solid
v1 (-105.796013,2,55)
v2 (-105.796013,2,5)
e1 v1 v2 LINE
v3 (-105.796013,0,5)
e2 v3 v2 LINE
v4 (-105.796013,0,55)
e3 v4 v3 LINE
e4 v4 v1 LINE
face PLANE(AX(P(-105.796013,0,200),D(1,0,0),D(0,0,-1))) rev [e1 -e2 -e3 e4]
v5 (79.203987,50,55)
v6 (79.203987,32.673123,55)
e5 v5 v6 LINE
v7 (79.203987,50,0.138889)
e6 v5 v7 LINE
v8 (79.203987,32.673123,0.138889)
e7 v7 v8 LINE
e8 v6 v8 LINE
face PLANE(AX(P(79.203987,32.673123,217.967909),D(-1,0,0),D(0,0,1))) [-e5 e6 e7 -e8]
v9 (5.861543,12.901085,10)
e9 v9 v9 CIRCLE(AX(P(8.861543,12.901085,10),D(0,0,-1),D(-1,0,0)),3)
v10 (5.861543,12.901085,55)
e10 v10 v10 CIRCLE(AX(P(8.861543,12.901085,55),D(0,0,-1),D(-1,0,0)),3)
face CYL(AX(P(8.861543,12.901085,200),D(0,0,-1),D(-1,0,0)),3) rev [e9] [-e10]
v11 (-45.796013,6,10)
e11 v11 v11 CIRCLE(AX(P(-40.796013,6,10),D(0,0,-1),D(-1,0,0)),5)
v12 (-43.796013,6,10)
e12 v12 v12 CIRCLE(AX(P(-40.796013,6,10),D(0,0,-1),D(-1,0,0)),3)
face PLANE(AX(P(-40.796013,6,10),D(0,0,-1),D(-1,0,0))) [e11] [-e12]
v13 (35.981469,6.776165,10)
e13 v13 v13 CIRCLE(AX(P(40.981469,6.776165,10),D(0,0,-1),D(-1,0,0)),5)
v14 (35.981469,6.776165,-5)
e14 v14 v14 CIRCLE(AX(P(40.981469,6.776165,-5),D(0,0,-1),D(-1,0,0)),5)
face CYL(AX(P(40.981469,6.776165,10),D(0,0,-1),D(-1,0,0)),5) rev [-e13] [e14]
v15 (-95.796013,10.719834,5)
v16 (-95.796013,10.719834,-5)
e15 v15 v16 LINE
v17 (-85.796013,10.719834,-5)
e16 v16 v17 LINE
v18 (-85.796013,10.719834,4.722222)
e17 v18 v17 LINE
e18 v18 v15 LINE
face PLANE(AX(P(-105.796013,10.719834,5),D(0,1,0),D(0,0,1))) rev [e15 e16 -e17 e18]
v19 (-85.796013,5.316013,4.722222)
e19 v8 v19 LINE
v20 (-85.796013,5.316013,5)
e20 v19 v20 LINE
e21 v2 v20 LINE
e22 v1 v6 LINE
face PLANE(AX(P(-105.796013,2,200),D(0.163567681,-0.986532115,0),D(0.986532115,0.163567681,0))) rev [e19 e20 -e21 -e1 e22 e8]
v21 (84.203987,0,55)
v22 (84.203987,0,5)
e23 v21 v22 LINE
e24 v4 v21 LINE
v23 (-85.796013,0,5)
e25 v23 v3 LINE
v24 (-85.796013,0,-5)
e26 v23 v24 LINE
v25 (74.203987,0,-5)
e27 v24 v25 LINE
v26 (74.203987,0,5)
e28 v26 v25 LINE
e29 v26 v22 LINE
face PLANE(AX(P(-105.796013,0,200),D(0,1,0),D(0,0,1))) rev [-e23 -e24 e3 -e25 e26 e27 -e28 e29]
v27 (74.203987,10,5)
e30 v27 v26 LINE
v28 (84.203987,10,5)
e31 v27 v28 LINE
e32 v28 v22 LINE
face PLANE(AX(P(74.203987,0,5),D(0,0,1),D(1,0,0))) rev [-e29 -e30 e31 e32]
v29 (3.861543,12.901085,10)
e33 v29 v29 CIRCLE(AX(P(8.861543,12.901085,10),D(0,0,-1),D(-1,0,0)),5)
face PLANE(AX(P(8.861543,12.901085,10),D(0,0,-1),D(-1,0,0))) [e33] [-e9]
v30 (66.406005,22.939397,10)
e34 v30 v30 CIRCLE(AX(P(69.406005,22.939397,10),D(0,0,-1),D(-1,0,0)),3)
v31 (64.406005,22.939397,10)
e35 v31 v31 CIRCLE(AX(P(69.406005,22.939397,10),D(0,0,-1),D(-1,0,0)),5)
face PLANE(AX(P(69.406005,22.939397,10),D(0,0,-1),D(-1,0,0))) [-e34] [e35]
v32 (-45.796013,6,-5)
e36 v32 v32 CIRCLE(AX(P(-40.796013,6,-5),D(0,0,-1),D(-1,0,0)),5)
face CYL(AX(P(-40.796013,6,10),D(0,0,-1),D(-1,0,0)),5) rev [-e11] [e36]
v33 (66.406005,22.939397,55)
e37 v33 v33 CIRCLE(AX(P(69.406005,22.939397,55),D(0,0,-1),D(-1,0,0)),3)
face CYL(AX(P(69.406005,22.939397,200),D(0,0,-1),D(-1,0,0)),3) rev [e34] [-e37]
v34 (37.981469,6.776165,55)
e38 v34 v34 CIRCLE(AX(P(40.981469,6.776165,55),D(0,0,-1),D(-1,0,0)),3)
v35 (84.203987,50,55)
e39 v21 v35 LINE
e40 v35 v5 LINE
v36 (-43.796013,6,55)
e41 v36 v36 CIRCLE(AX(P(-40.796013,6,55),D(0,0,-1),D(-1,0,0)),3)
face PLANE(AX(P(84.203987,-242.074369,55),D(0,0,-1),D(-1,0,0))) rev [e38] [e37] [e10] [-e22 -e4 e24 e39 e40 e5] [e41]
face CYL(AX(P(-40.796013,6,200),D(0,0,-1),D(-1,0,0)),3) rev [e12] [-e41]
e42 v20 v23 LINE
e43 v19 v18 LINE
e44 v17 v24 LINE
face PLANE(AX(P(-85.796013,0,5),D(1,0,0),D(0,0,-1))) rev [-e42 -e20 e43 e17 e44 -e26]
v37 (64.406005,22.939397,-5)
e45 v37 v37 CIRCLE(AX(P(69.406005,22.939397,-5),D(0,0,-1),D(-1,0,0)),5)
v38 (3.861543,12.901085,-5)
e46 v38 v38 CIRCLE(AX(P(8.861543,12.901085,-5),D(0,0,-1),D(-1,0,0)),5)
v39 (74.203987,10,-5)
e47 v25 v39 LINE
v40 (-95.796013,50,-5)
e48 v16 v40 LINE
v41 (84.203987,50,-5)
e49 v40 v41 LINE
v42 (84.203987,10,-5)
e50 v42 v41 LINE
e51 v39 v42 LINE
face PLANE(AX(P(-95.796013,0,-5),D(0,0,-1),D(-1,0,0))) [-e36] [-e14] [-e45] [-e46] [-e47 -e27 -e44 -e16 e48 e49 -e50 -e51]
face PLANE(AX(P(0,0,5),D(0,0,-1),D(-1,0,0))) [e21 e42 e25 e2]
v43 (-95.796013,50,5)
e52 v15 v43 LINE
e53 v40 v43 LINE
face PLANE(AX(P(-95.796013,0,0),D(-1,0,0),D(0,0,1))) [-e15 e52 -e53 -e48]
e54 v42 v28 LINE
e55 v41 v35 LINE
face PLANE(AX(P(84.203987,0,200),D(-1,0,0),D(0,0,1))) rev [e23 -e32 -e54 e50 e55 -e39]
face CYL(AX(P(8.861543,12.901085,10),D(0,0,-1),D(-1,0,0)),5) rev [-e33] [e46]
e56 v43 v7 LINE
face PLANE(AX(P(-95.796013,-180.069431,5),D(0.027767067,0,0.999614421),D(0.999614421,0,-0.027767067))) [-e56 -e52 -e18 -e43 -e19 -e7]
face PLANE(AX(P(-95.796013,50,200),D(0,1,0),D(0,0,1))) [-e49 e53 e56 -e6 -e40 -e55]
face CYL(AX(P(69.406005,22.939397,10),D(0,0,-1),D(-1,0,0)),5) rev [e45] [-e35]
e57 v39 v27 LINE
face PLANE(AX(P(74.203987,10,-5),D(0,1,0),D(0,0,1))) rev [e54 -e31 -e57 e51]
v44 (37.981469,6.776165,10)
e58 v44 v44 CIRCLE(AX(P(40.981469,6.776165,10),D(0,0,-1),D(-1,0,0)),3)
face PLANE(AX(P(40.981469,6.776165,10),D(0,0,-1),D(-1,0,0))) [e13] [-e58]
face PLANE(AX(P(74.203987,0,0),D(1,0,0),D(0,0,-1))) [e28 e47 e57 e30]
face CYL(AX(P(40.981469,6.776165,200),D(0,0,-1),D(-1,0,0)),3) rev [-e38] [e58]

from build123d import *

# Parameters (mm, degrees)
ESQUISSE1_R             = 3
BOSS_EXTRU_1_DEPTH      = 200
ESQUISSE4_W             = 5
ESQUISSE4_H             = 50
BOSS_EXTRU_4_DEPTH      = 180
BOSS_EXTRU_7_DEPTH      = 50
ESQUISSE6_W             = 20
ESQUISSE6_H             = 10.719834163
ENL_V_MAT_EXTRU_2_DEPTH = 10
ESQUISSE5_W             = 10
ESQUISSE5_H             = 10
ENL_V_MAT_EXTRU_1_DEPTH = 10
ESQUISSE14_R            = 5
ENL_V_MAT_EXTRU_4_DEPTH = 15
BOSS_EXTRU_8_REACH      = 242.401
ENL_V_MAT_EXTRU_5_REACH = 238.046
ESQUISSE16_W            = 190
ESQUISSE16_H            = 150


with BuildPart() as part:
    # Esquisse1 → Boss.-Extru.1 (new body)
    with BuildSketch(Plane.XY):
        Polygon((-105.796013405, 0), (84.203986595, 0), (84.203986595, 33.502126335), (-105.796013405, 2), align=None)
        with Locations((69.406004871, 22.939397164)):
            Circle(ESQUISSE1_R, mode=Mode.SUBTRACT)
        with Locations((40.981469067, 6.77616521)):
            Circle(ESQUISSE1_R, mode=Mode.SUBTRACT)
        with Locations((-40.796013405, 6)):
            Circle(ESQUISSE1_R, mode=Mode.SUBTRACT)
        with Locations((8.861542866, 12.901085106)):
            Circle(ESQUISSE1_R, mode=Mode.SUBTRACT)
    extrude(amount=BOSS_EXTRU_1_DEPTH)

    # Esquisse4 → Boss.-Extru.4 (add)
    with BuildSketch(Plane(origin=(84.203986595, 0, 0), x_dir=(0, 0, -1), z_dir=(1, 0, 0))):
        with Locations((-202.5, 25)):
            Rectangle(ESQUISSE4_W, ESQUISSE4_H)
        with Locations((2.5, 25)):
            Rectangle(ESQUISSE4_W, ESQUISSE4_H)
    extrude(amount=-BOSS_EXTRU_4_DEPTH)

    # Esquisse8 → Boss.-Extru.7 (add)
    with BuildSketch(Plane(origin=(0, 50, 0), x_dir=(1, 0, 0), z_dir=(0, 1, 0))):
        Polygon((84.203986595, 0), (-95.796013405, 0), (-95.796013405, -5), align=None)
    boss_extru_7 = extrude(amount=-BOSS_EXTRU_7_DEPTH)

    # Esquisse6 → Enlèv. mat.-Extru.2 (cut)
    with BuildSketch(Plane(origin=(0, 0, -5), x_dir=(-1, 0, 0), z_dir=(0, 0, -1))):
        with Locations((95.796013405, 5.359917081)):
            Rectangle(ESQUISSE6_W, ESQUISSE6_H)
    enl_v_mat_extru_2 = extrude(amount=-ENL_V_MAT_EXTRU_2_DEPTH, mode=Mode.SUBTRACT)

    # Esquisse5 → Enlèv. mat.-Extru.1 (cut)
    with BuildSketch(Plane(origin=(84.203986595, 0, 0), x_dir=(0, 0, -1), z_dir=(1, 0, 0))):
        with Locations((-200, 5)):
            Rectangle(ESQUISSE5_W, ESQUISSE5_H)
        with Locations((0, 5)):
            Rectangle(ESQUISSE5_W, ESQUISSE5_H)
    extrude(amount=-ENL_V_MAT_EXTRU_1_DEPTH, mode=Mode.SUBTRACT)

    # Esquisse14 → Enlèv. mat.-Extru.4 (cut)
    with BuildSketch(Plane(origin=(0, 0, -5), x_dir=(-1, 0, 0), z_dir=(0, 0, -1))):
        with Locations((-69.406004871, 22.939397164)):
            Circle(ESQUISSE14_R)
        with Locations((-40.981469067, 6.77616521)):
            Circle(ESQUISSE14_R)
        with Locations((-8.861542866, 12.901085106)):
            Circle(ESQUISSE14_R)
        with Locations((40.796013405, 6)):
            Circle(ESQUISSE14_R)
    enl_v_mat_extru_4 = extrude(amount=-ENL_V_MAT_EXTRU_4_DEPTH, mode=Mode.SUBTRACT)

    # Symétrie3: Boss.-Extru.7, Enlèv. mat.-Extru.2, Enlèv. mat.-Extru.4 across plane
    add(boss_extru_7.mirror(Plane(origin=(0, 0, 100), x_dir=(1, 0, 0), z_dir=(0, 0, -1))))
    add(enl_v_mat_extru_2.mirror(Plane(origin=(0, 0, 100), x_dir=(1, 0, 0), z_dir=(0, 0, -1))), mode=Mode.SUBTRACT)
    add(enl_v_mat_extru_4.mirror(Plane(origin=(0, 0, 100), x_dir=(1, 0, 0), z_dir=(0, 0, -1))), mode=Mode.SUBTRACT)

    # Boss.-Extru.8: up to this plane
    boss_extru_8_end = Plane(origin=(-95.796013405, -180.069431054, 195), z_dir=(-0.0277670672403533, 0, 0.9996144206527183))
    # Esquisse15 → Boss.-Extru.8 (add, up to the surface)
    with BuildSketch(Plane(origin=(0, 0, -5), x_dir=(-1, 0, 0), z_dir=(0, 0, -1)), mode=Mode.PRIVATE) as boss_extru_8_sk1:
        Polygon((-84.203986595, 33.502126335), (-79.203986595, 32.67312301), (-79.203986595, 50), (-84.203986595, 50), align=None)
    boss_extru_8_tool1 = split(extrude(boss_extru_8_sk1.sketch, amount=-BOSS_EXTRU_8_REACH, mode=Mode.PRIVATE), bisect_by=boss_extru_8_end, keep=Keep.BOTH, mode=Mode.PRIVATE)
    add(boss_extru_8_tool1.solids().sort_by_distance((81.683563, 41.542119, -5))[0])

    # Enlèv. mat.-Extru.5: up to this face of the body (flat: up to its plane)
    enl_v_mat_extru_5_end = Plane(part.part.faces().sort_by_distance((-10.38578146, 0, 100.003530671))[0])
    # Esquisse16 → Enlèv. mat.-Extru.5 (cut, up to the picked face)
    with BuildSketch(Plane(origin=(0, 50, 0), x_dir=(1, 0, 0), z_dir=(0, 1, 0)), mode=Mode.PRIVATE) as enl_v_mat_extru_5_sk1:
        with Locations((-10.796013405, -130)):
            Rectangle(ESQUISSE16_W, ESQUISSE16_H)
    enl_v_mat_extru_5_tool1 = split(extrude(enl_v_mat_extru_5_sk1.sketch, amount=-ENL_V_MAT_EXTRU_5_REACH, mode=Mode.PRIVATE), bisect_by=enl_v_mat_extru_5_end, keep=Keep.BOTH, mode=Mode.PRIVATE)
    add(enl_v_mat_extru_5_tool1.solids().sort_by(Axis((-10.796013, 50, 130), (0, -1, 0)))[0], mode=Mode.SUBTRACT)


solid = part.part
